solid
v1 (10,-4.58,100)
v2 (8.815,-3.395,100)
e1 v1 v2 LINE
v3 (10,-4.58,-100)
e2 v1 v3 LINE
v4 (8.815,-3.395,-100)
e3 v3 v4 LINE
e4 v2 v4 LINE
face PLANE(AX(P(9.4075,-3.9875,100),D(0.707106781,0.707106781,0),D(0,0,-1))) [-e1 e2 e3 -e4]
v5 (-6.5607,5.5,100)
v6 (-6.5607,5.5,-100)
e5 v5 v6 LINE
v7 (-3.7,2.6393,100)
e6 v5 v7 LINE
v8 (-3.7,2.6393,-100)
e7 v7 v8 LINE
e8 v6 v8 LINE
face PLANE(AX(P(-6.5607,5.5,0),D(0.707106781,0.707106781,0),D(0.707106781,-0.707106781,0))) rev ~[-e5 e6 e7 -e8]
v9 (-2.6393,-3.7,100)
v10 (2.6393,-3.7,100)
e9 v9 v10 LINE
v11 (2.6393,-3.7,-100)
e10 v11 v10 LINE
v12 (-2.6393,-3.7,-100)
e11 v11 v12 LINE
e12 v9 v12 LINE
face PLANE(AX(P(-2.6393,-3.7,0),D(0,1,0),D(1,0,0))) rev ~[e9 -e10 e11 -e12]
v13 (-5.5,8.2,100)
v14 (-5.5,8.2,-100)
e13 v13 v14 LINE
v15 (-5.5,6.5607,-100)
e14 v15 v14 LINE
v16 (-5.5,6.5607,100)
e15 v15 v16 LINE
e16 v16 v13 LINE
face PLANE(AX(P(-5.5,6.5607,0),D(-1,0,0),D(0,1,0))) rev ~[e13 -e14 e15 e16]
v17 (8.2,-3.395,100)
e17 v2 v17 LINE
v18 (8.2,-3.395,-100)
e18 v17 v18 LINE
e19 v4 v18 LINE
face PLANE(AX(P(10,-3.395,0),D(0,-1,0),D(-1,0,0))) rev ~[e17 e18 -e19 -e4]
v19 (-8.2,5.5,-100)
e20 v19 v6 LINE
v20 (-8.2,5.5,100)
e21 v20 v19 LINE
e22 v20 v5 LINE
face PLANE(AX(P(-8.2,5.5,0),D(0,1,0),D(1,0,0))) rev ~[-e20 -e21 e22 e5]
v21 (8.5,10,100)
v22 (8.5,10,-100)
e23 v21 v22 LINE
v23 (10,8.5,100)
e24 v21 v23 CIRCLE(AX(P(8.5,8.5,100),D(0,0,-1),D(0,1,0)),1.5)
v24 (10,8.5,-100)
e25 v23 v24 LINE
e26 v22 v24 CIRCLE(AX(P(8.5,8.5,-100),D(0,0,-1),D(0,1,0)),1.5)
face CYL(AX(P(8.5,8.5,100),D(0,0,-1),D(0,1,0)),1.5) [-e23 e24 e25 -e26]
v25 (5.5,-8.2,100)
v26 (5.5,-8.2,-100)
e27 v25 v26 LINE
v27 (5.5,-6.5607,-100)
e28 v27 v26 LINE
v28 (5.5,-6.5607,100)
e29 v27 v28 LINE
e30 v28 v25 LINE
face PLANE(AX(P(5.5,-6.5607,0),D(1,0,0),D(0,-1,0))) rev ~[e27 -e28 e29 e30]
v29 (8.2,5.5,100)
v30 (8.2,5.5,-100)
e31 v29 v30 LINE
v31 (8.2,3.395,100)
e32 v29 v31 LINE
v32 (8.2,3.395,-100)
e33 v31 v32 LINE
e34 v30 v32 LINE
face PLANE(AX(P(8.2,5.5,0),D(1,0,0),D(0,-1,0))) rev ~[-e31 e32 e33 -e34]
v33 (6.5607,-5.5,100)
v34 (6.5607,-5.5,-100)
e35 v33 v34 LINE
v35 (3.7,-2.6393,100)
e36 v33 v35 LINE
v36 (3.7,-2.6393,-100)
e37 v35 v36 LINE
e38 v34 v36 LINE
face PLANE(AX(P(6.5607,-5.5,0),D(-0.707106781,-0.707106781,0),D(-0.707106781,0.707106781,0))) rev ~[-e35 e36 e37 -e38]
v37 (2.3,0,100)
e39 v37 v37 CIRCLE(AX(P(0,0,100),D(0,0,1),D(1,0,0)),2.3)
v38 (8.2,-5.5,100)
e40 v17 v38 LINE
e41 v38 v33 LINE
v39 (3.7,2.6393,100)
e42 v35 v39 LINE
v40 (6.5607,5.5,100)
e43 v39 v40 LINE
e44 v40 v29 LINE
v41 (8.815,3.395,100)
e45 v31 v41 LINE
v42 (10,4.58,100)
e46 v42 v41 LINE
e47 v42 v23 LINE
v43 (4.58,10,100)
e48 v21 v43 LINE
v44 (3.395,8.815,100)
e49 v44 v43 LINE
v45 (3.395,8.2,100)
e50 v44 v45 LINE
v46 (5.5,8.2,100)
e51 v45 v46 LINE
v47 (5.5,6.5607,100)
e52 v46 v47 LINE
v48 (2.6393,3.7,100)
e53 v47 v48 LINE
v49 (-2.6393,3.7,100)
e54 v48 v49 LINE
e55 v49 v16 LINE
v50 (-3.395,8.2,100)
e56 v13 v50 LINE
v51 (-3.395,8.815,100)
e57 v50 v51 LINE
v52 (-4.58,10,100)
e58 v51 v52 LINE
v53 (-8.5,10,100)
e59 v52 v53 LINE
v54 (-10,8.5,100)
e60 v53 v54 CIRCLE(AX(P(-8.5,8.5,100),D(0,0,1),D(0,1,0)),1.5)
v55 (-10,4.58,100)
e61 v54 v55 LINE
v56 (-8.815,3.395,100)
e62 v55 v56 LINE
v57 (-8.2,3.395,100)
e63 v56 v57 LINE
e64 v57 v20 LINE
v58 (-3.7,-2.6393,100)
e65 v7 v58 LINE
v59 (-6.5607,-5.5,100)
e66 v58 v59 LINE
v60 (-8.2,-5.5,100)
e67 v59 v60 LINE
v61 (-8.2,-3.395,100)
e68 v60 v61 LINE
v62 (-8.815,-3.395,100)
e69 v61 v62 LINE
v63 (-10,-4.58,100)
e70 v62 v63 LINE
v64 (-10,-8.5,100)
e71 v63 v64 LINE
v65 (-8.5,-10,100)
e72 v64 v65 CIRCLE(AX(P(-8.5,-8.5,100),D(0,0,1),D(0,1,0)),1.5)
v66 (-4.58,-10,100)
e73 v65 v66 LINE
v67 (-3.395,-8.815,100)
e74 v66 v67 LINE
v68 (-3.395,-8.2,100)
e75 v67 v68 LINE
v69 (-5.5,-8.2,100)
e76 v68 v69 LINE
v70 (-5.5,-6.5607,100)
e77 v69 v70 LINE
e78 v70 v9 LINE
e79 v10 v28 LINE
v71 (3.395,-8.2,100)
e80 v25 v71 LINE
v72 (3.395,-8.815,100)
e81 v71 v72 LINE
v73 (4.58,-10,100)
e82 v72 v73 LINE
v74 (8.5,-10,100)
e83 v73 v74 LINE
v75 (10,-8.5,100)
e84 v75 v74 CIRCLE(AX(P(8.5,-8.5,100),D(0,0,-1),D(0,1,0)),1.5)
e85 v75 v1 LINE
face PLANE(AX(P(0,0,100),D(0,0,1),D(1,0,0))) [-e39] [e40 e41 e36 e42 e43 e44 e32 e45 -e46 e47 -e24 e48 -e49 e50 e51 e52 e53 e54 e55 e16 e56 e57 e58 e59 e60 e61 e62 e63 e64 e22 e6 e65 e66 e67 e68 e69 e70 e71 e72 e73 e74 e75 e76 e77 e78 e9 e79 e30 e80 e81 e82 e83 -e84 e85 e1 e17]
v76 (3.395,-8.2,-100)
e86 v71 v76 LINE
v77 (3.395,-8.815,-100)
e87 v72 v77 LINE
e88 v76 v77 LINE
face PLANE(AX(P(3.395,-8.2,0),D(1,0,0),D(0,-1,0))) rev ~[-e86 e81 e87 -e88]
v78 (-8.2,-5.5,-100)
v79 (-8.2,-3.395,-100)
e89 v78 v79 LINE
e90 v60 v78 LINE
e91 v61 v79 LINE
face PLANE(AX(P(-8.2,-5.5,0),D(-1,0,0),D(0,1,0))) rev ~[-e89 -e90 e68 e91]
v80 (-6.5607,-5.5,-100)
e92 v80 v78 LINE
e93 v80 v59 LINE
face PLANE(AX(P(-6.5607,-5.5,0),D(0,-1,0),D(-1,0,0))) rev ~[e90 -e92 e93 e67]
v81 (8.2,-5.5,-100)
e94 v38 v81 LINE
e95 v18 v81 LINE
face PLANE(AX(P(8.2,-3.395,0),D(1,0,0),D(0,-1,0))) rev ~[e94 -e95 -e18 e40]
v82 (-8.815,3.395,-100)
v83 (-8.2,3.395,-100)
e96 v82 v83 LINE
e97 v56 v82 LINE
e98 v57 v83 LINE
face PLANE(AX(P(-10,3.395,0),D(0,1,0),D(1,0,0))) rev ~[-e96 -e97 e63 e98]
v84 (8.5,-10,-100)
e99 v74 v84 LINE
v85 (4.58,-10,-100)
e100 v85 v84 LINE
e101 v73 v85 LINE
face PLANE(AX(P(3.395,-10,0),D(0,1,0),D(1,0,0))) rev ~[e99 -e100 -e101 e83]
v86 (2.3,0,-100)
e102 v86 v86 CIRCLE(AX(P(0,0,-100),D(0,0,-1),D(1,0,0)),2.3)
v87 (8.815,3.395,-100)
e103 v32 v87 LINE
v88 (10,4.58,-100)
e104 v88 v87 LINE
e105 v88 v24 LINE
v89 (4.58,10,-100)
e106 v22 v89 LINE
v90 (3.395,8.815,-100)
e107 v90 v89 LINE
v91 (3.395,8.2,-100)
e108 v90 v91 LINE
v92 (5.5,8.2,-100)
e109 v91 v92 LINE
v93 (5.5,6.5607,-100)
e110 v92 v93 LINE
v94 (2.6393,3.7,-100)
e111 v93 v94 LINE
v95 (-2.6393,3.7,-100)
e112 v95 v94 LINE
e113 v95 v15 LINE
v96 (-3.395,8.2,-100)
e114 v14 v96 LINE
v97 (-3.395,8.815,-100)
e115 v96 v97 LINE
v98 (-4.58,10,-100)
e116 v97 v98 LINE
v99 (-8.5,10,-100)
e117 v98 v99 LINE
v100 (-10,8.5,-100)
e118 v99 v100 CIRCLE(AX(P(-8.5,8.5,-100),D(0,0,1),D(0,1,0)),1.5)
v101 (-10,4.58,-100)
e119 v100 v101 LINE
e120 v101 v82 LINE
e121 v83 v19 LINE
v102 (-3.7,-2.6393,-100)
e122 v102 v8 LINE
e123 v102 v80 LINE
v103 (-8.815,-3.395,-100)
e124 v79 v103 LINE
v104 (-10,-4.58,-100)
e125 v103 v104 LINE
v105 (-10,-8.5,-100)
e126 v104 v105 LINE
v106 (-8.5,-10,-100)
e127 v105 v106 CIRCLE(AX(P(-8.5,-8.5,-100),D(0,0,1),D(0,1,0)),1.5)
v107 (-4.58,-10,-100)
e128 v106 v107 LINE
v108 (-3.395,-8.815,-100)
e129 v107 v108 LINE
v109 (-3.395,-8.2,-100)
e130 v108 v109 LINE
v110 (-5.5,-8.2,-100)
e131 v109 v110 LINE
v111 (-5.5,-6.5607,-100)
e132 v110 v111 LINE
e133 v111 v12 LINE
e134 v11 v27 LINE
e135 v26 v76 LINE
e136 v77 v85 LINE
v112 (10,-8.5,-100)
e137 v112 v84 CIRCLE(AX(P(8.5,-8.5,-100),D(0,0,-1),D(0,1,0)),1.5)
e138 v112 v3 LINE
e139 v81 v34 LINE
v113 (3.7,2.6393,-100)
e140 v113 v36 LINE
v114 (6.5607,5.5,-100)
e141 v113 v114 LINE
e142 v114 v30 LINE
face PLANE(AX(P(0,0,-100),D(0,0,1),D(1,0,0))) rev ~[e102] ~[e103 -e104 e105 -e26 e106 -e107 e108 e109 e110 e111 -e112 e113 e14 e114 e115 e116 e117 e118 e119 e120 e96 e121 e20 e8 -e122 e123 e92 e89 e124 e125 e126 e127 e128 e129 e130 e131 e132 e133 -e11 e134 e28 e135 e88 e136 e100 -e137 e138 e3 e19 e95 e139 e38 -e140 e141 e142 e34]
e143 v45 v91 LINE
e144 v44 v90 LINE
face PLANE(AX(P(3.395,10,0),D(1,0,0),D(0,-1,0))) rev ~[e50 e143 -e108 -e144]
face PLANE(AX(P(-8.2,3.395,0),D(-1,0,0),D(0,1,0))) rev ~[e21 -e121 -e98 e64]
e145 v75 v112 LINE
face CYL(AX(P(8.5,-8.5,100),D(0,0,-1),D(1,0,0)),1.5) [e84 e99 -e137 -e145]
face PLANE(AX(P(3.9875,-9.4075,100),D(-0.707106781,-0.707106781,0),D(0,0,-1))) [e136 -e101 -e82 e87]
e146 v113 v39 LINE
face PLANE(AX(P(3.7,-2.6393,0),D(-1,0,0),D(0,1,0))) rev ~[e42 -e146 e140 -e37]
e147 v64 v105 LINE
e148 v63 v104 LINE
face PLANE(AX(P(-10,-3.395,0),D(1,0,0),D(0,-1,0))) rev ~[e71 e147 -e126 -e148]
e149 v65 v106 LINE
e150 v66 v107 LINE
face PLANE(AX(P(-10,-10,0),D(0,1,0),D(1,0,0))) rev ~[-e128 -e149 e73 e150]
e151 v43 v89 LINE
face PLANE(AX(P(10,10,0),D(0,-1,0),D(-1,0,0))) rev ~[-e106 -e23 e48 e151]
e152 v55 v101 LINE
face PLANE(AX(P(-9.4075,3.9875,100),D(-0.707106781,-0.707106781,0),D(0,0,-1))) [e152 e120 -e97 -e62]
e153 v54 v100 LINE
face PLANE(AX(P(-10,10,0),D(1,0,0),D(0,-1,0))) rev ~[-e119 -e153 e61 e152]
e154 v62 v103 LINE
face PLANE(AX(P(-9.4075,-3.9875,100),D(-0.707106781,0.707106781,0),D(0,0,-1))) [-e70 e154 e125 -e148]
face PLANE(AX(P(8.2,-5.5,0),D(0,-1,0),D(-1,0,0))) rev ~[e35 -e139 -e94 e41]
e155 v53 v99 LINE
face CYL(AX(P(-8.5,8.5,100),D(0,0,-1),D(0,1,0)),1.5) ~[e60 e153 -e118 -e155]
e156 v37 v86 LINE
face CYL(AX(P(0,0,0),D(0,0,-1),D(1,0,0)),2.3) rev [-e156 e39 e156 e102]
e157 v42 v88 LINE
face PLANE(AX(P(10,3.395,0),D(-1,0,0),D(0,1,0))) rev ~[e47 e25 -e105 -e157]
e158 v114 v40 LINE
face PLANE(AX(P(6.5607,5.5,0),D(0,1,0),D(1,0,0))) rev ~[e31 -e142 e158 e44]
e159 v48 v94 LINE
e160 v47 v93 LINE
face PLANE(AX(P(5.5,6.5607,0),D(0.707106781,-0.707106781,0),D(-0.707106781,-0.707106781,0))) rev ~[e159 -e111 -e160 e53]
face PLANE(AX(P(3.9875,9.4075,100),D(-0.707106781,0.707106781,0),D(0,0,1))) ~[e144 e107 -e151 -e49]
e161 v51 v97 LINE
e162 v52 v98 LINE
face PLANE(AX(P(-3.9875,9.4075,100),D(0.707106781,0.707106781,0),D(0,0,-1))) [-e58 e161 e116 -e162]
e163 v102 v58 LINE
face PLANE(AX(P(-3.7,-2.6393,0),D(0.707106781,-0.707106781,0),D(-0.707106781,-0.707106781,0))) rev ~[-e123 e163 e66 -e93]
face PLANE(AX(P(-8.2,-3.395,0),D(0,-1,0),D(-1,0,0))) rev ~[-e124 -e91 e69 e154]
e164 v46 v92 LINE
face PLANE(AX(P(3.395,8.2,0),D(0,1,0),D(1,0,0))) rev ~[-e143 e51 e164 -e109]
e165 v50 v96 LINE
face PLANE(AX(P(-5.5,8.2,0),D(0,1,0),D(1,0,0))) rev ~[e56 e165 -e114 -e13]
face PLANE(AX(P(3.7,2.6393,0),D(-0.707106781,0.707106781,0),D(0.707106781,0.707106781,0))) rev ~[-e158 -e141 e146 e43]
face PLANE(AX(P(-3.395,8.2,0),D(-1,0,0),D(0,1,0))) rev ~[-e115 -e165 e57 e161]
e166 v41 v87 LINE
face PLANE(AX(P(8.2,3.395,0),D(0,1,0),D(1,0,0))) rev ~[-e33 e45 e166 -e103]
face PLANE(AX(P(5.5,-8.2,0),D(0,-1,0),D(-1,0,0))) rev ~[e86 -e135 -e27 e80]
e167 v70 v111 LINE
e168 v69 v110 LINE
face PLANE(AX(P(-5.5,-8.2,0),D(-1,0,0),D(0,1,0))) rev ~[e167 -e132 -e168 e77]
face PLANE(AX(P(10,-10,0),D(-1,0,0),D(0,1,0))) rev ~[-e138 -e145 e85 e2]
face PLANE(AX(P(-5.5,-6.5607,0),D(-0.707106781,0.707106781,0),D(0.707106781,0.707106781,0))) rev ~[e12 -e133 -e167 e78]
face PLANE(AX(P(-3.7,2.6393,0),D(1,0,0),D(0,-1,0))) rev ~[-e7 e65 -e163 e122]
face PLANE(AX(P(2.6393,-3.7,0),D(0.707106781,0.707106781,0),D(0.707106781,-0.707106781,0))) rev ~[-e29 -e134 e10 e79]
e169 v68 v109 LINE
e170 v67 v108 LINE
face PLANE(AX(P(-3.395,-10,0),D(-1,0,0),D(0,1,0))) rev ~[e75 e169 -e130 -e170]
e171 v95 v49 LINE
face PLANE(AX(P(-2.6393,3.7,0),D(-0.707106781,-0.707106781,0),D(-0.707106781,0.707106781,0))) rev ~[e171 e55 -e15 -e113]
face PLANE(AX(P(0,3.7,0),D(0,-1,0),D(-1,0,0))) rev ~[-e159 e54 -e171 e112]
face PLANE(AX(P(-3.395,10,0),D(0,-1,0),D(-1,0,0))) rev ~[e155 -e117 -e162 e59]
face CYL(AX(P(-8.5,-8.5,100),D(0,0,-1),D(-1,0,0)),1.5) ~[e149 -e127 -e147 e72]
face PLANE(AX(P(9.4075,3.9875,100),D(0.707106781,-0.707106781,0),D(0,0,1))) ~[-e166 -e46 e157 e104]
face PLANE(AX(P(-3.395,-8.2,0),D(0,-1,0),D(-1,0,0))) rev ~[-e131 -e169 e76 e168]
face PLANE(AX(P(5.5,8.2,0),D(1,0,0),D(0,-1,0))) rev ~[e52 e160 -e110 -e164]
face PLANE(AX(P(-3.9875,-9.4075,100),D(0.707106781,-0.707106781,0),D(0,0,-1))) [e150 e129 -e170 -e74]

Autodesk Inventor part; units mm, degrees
ref_plane "YZ Plane" through (0, 0, 0) normal (1, 0, 0) x (0, 1, 0)
ref_plane "XZ Plane" through (0, 0, 0) normal (0, 1, 0) x (-1, 0, 0)
ref_plane "XY Plane" through (0, 0, 0) normal (0, 0, 1) x (1, 0, 0)
sketch "Sketch1" plane through (0, 0, 0) normal (0, 0, 1) x (1, 0, 0)
  line L0 (0, 3.7) -> (-2.6393, 3.7)
  line L1 (-2.6393, 3.7) -> (-5.5, 6.5607)
  line L2 (-5.5, 6.5607) -> (-5.5, 8.2)
  line L3 (-5.5, 8.2) -> (-3.395, 8.2)
  line L4 (-3.395, 8.2) -> (-3.395, 10)
  line L5 (-3.395, 10) -> (-10, 10)
  line L6 (-10, 10) -> (-10, 3.395)
  line L7 (-10, 3.395) -> (-8.2, 3.395)
  line L8 (-8.2, 3.395) -> (-8.2, 5.5)
  line L9 (-8.2, 5.5) -> (-6.5607, 5.5)
  line L10 (-6.5607, 5.5) -> (-3.7, 2.6393)
  line L11 (-3.7, 2.6393) -> (-3.7, 0)
  line L12 (0, 0) -> (-10, 10) construction
  circle A0 centre (0, 0) radius 2.3
  line L13 (-22.6601, 0) -> (65.9605, 0) projected
  line L14 (-3.7, 0) -> (0, 0)
  line L15 (0, 0) -> (0, 3.7)
  line L16 (11.2521, 18.9743) -> (53.3004, 18.9743) construction
  line L17 (53.3004, 18.9743) -> (53.3004, -5.624) construction
  line L18 (53.3004, -5.624) -> (11.2521, -5.624) construction
  line L19 (11.2521, -5.624) -> (11.2521, 18.9743) construction
  point P0 (-2.3, 0)
  point P1 (0, 2.3)
  dimension "d0" = 1.5
  dimension "d6" = 6.3
  dimension "d9" = 4.6
  dimension "d18" = 135
  dimension "d22" = 20
  dimension "d34" = 11
  dimension "d35" = 6.79
  dimension "d36" = 1.8
extrude "Extrusion1" add sketch "Sketch1" along normal mid plane 200 contours L15 A0 L13 L11 L10 L9 L8 L7 L6 L5 L4 L3 L2 L1 L0
pattern_circular "Circular Pattern1" count 4 over 360 about axis through (0, 0, -10) along (0, 0, 1) of "Extrusion1"
chamfer "Chamfer1" distance 1.185 angle 45 8 edges at (-3.395, 10, 0) (3.395, 10, 0) (10, 3.395, 0) (10, -3.395, 0) (3.395, -10, 0) (-3.395, -10, 0) (-10, -3.395, 0) (-10, 3.395, 0)
fillet "Fillet1" radius 1.5 4 edges at (-10, 10, 0) (10, 10, 0) (-10, -10, 0) (10, -10, 0)
properties part number "2020aluminum_extrusion_black" material "Aluminum 6061"
